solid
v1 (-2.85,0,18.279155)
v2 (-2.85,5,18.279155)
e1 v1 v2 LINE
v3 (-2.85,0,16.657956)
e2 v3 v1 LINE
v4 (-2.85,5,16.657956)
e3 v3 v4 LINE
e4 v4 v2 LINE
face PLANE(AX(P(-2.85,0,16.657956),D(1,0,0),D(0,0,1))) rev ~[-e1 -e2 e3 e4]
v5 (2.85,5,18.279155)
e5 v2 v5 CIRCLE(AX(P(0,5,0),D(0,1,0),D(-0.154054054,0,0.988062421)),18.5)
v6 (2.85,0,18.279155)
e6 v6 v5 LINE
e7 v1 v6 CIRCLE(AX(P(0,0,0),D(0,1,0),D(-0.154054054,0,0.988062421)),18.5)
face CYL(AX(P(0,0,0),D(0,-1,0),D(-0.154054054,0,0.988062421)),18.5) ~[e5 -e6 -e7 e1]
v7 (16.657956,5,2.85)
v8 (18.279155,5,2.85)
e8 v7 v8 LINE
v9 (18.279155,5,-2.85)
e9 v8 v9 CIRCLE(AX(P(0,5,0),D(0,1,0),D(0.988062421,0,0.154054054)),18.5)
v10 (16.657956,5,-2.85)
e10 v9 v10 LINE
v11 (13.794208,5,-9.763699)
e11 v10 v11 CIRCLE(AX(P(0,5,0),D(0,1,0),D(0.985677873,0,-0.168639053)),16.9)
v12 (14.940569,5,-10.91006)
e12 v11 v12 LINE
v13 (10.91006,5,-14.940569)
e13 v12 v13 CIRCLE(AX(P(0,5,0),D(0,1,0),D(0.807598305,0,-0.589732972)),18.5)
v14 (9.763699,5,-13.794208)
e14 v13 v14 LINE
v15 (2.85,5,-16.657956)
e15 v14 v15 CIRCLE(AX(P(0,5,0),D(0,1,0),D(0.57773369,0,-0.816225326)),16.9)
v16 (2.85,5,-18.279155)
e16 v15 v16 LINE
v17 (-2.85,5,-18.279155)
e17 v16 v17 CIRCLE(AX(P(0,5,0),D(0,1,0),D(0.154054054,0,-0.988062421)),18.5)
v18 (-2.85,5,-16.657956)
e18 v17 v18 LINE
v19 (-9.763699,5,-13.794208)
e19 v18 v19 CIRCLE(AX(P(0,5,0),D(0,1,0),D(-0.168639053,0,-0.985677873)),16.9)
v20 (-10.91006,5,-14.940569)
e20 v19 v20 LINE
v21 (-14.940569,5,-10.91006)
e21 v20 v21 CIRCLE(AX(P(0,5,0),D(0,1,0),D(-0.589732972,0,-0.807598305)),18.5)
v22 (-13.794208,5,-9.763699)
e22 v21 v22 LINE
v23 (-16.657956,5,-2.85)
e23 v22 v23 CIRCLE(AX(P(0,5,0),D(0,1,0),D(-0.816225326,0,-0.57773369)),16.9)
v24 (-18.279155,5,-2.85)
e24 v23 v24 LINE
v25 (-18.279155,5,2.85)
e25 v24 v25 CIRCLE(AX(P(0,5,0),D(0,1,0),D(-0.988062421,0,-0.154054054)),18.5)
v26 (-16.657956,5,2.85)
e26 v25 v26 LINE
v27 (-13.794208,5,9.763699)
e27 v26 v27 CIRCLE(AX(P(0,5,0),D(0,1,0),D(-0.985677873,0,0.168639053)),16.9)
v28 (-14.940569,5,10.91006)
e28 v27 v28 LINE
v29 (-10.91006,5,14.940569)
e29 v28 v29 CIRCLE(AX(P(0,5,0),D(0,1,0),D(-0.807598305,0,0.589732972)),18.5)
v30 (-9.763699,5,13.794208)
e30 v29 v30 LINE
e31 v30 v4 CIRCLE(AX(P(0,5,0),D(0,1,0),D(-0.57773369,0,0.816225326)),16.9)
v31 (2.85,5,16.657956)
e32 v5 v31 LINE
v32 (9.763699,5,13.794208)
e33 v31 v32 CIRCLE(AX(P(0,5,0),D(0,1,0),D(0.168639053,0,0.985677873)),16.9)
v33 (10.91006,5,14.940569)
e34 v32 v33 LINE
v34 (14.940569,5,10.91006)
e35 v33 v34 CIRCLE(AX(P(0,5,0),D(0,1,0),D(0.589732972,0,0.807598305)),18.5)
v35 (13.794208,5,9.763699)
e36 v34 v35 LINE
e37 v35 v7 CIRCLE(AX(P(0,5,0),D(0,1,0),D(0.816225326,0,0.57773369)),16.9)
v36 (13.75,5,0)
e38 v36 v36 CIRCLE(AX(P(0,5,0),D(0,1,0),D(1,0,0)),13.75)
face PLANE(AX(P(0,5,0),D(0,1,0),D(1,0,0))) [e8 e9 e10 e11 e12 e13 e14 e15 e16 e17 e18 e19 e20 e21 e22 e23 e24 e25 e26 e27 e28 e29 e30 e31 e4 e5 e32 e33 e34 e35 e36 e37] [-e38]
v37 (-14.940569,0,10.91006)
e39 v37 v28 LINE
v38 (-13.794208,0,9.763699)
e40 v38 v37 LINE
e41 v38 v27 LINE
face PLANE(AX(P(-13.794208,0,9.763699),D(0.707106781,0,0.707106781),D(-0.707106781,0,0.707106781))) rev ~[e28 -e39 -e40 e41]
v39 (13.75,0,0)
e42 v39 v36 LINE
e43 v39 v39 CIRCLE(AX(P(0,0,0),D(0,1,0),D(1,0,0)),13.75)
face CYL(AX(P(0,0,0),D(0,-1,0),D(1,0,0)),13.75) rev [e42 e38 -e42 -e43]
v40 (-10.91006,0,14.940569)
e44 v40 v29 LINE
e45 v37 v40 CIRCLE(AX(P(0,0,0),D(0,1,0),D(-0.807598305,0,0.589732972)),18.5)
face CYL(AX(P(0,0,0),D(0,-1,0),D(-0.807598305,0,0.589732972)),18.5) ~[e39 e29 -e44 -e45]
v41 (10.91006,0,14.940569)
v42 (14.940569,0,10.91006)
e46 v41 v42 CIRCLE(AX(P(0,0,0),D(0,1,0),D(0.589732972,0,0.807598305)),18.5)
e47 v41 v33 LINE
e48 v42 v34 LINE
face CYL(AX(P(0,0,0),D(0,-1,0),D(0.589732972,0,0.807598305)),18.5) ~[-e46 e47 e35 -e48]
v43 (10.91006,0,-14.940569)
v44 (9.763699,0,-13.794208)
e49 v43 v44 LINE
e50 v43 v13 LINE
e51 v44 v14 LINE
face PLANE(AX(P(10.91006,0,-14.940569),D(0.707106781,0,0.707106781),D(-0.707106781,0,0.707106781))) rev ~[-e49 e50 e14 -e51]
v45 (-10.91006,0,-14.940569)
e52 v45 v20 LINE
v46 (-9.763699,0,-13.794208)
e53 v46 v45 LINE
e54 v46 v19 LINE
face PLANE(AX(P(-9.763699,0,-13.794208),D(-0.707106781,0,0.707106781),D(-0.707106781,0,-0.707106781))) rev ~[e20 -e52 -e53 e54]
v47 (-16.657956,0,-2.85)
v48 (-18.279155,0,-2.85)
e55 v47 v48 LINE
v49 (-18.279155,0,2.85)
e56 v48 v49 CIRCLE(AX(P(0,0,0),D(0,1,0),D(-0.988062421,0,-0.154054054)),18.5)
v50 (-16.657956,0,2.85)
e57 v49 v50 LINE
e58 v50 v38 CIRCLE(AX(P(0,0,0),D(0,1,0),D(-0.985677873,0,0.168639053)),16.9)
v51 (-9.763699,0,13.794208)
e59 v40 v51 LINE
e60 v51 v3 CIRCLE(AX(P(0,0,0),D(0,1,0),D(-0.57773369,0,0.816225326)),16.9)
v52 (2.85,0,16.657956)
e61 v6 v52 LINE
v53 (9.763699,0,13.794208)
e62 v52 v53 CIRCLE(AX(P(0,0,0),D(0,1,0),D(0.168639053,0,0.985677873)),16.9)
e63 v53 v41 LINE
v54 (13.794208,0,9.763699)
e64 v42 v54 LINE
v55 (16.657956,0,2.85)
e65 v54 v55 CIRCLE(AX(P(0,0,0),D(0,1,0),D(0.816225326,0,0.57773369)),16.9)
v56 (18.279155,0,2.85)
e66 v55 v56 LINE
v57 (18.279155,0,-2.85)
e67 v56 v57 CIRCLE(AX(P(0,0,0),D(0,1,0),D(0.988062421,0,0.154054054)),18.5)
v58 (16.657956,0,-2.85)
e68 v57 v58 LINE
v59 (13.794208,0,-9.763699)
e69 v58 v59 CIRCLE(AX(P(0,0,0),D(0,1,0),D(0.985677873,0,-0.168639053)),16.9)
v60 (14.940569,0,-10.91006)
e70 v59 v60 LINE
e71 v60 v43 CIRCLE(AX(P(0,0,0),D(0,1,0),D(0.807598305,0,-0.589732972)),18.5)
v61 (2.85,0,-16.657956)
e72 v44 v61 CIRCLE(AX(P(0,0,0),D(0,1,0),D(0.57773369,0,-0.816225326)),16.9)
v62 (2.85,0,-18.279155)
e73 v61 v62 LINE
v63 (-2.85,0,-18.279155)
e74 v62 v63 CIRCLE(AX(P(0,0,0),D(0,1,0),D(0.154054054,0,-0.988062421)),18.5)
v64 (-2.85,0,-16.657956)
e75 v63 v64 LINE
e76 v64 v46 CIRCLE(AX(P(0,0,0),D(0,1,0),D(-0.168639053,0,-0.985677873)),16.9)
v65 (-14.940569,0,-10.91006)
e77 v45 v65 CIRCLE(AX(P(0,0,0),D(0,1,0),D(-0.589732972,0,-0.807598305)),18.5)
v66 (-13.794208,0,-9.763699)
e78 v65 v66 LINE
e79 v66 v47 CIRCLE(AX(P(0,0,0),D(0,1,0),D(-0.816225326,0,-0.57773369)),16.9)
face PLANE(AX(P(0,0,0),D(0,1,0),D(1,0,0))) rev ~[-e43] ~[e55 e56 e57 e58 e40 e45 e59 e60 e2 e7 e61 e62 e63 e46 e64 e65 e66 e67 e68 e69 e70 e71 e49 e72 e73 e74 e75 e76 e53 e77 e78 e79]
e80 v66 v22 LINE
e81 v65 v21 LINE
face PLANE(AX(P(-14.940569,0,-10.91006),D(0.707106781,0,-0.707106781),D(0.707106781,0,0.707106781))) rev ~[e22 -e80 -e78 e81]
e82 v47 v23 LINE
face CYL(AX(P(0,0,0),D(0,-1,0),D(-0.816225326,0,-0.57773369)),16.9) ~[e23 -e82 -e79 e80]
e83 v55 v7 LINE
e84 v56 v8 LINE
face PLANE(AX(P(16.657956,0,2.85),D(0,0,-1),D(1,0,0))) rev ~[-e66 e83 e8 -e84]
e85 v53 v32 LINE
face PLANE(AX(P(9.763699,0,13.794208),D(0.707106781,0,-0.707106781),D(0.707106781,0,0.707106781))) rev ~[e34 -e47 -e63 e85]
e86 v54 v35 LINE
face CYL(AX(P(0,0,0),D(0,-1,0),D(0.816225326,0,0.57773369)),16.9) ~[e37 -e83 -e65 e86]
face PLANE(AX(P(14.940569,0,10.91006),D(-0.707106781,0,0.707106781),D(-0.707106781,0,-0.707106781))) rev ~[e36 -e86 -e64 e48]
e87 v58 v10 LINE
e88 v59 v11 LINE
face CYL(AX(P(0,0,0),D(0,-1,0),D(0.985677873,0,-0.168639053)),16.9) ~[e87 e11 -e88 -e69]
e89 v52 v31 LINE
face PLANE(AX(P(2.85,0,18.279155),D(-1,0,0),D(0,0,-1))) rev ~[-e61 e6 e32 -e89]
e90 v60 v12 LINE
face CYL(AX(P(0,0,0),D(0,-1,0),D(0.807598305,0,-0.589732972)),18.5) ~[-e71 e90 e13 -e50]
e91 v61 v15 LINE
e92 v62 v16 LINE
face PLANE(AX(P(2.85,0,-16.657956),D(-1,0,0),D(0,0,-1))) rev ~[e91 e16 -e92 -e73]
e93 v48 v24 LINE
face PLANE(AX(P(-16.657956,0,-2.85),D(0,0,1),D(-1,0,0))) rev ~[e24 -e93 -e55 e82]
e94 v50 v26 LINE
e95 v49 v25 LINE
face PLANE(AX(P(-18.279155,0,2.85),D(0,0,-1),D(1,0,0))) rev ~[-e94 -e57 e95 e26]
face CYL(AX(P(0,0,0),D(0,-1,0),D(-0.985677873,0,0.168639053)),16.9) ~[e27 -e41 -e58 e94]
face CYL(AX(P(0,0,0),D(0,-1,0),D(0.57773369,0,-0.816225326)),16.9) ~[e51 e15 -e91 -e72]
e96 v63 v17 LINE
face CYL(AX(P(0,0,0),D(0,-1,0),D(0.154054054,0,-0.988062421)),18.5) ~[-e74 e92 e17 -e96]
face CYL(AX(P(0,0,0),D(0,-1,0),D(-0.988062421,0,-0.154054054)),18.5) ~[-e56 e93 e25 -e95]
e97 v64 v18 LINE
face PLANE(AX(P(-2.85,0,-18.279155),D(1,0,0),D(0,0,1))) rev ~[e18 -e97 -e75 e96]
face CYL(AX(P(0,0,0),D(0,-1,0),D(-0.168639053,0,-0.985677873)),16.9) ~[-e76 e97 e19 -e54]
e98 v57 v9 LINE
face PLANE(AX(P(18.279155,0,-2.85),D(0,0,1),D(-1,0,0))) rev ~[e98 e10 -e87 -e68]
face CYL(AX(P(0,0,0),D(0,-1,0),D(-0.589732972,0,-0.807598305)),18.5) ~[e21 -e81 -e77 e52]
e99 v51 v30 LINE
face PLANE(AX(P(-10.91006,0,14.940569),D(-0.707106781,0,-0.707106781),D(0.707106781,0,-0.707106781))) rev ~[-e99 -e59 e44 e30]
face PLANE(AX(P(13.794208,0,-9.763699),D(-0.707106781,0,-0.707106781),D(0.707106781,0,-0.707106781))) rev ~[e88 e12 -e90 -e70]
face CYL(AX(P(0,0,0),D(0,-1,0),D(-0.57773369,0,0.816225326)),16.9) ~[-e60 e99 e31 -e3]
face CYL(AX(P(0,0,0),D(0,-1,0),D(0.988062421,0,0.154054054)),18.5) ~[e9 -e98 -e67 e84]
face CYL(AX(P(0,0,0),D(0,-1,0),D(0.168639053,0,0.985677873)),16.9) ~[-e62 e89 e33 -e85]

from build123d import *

# Parameters (mm, degrees)
SKETCH_2_R      = 13.75
EXTRUDE_1_DEPTH = 5


with BuildPart() as part:
    # Эскиз2 → Бобышка-Вытянуть1 (new body)
    with BuildSketch(Plane(origin=(0, 0, 0), x_dir=(1, 0, 0), z_dir=(0, 1, 0))):
        with BuildLine():
            Line((-2.85, 18.279154794), (-2.85, 16.657956057))
            ThreePointArc((-2.85, 16.657956057), (-6.467350007, 15.613564099), (-9.763699362, 13.794208015))
            Line((-9.763699362, 13.794208015), (-10.910059983, 14.940568636))
            ThreePointArc((-10.910059983, 14.940568636), (-13.081475452, 13.081475452), (-14.940568636, 10.910059983))
            Line((-14.940568636, 10.910059983), (-13.794208015, 9.763699362))
            ThreePointArc((-13.794208015, 9.763699362), (-15.613564099, 6.467350007), (-16.657956057, 2.85))
            Line((-16.657956057, 2.85), (-18.279154794, 2.85))
            ThreePointArc((-18.279154794, 2.85), (-18.5, 0), (-18.279154794, -2.85))
            Line((-18.279154794, -2.85), (-16.657956057, -2.85))
            ThreePointArc((-16.657956057, -2.85), (-15.613564099, -6.467350007), (-13.794208015, -9.763699362))
            Line((-13.794208015, -9.763699362), (-14.940568636, -10.910059983))
            ThreePointArc((-14.940568636, -10.910059983), (-13.081475452, -13.081475452), (-10.910059983, -14.940568636))
            Line((-10.910059983, -14.940568636), (-9.763699362, -13.794208015))
            ThreePointArc((-9.763699362, -13.794208015), (-6.467350007, -15.613564099), (-2.85, -16.657956057))
            Line((-2.85, -16.657956057), (-2.85, -18.279154794))
            ThreePointArc((-2.85, -18.279154794), (0, -18.5), (2.85, -18.279154794))
            Line((2.85, -18.279154794), (2.85, -16.657956057))
            ThreePointArc((2.85, -16.657956057), (6.467350007, -15.613564099), (9.763699362, -13.794208015))
            Line((9.763699362, -13.794208015), (10.910059983, -14.940568636))
            ThreePointArc((10.910059983, -14.940568636), (13.081475452, -13.081475452), (14.940568636, -10.910059983))
            Line((14.940568636, -10.910059983), (13.794208015, -9.763699362))
            ThreePointArc((13.794208015, -9.763699362), (15.613564099, -6.467350007), (16.657956057, -2.85))
            Line((16.657956057, -2.85), (18.279154794, -2.85))
            ThreePointArc((18.279154794, -2.85), (18.5, 0), (18.279154794, 2.85))
            Line((18.279154794, 2.85), (16.657956057, 2.85))
            ThreePointArc((16.657956057, 2.85), (15.613564099, 6.467350007), (13.794208015, 9.763699362))
            Line((13.794208015, 9.763699362), (14.940568636, 10.910059983))
            ThreePointArc((14.940568636, 10.910059983), (13.081475452, 13.081475452), (10.910059983, 14.940568636))
            Line((10.910059983, 14.940568636), (9.763699362, 13.794208015))
            ThreePointArc((9.763699362, 13.794208015), (6.467350007, 15.613564099), (2.85, 16.657956057))
            Line((2.85, 16.657956057), (2.85, 18.279154794))
            ThreePointArc((2.85, 18.279154794), (0, 18.5), (-2.85, 18.279154794))
        make_face()
        Circle(SKETCH_2_R, mode=Mode.SUBTRACT)
    extrude(amount=EXTRUDE_1_DEPTH)


solid = part.part
